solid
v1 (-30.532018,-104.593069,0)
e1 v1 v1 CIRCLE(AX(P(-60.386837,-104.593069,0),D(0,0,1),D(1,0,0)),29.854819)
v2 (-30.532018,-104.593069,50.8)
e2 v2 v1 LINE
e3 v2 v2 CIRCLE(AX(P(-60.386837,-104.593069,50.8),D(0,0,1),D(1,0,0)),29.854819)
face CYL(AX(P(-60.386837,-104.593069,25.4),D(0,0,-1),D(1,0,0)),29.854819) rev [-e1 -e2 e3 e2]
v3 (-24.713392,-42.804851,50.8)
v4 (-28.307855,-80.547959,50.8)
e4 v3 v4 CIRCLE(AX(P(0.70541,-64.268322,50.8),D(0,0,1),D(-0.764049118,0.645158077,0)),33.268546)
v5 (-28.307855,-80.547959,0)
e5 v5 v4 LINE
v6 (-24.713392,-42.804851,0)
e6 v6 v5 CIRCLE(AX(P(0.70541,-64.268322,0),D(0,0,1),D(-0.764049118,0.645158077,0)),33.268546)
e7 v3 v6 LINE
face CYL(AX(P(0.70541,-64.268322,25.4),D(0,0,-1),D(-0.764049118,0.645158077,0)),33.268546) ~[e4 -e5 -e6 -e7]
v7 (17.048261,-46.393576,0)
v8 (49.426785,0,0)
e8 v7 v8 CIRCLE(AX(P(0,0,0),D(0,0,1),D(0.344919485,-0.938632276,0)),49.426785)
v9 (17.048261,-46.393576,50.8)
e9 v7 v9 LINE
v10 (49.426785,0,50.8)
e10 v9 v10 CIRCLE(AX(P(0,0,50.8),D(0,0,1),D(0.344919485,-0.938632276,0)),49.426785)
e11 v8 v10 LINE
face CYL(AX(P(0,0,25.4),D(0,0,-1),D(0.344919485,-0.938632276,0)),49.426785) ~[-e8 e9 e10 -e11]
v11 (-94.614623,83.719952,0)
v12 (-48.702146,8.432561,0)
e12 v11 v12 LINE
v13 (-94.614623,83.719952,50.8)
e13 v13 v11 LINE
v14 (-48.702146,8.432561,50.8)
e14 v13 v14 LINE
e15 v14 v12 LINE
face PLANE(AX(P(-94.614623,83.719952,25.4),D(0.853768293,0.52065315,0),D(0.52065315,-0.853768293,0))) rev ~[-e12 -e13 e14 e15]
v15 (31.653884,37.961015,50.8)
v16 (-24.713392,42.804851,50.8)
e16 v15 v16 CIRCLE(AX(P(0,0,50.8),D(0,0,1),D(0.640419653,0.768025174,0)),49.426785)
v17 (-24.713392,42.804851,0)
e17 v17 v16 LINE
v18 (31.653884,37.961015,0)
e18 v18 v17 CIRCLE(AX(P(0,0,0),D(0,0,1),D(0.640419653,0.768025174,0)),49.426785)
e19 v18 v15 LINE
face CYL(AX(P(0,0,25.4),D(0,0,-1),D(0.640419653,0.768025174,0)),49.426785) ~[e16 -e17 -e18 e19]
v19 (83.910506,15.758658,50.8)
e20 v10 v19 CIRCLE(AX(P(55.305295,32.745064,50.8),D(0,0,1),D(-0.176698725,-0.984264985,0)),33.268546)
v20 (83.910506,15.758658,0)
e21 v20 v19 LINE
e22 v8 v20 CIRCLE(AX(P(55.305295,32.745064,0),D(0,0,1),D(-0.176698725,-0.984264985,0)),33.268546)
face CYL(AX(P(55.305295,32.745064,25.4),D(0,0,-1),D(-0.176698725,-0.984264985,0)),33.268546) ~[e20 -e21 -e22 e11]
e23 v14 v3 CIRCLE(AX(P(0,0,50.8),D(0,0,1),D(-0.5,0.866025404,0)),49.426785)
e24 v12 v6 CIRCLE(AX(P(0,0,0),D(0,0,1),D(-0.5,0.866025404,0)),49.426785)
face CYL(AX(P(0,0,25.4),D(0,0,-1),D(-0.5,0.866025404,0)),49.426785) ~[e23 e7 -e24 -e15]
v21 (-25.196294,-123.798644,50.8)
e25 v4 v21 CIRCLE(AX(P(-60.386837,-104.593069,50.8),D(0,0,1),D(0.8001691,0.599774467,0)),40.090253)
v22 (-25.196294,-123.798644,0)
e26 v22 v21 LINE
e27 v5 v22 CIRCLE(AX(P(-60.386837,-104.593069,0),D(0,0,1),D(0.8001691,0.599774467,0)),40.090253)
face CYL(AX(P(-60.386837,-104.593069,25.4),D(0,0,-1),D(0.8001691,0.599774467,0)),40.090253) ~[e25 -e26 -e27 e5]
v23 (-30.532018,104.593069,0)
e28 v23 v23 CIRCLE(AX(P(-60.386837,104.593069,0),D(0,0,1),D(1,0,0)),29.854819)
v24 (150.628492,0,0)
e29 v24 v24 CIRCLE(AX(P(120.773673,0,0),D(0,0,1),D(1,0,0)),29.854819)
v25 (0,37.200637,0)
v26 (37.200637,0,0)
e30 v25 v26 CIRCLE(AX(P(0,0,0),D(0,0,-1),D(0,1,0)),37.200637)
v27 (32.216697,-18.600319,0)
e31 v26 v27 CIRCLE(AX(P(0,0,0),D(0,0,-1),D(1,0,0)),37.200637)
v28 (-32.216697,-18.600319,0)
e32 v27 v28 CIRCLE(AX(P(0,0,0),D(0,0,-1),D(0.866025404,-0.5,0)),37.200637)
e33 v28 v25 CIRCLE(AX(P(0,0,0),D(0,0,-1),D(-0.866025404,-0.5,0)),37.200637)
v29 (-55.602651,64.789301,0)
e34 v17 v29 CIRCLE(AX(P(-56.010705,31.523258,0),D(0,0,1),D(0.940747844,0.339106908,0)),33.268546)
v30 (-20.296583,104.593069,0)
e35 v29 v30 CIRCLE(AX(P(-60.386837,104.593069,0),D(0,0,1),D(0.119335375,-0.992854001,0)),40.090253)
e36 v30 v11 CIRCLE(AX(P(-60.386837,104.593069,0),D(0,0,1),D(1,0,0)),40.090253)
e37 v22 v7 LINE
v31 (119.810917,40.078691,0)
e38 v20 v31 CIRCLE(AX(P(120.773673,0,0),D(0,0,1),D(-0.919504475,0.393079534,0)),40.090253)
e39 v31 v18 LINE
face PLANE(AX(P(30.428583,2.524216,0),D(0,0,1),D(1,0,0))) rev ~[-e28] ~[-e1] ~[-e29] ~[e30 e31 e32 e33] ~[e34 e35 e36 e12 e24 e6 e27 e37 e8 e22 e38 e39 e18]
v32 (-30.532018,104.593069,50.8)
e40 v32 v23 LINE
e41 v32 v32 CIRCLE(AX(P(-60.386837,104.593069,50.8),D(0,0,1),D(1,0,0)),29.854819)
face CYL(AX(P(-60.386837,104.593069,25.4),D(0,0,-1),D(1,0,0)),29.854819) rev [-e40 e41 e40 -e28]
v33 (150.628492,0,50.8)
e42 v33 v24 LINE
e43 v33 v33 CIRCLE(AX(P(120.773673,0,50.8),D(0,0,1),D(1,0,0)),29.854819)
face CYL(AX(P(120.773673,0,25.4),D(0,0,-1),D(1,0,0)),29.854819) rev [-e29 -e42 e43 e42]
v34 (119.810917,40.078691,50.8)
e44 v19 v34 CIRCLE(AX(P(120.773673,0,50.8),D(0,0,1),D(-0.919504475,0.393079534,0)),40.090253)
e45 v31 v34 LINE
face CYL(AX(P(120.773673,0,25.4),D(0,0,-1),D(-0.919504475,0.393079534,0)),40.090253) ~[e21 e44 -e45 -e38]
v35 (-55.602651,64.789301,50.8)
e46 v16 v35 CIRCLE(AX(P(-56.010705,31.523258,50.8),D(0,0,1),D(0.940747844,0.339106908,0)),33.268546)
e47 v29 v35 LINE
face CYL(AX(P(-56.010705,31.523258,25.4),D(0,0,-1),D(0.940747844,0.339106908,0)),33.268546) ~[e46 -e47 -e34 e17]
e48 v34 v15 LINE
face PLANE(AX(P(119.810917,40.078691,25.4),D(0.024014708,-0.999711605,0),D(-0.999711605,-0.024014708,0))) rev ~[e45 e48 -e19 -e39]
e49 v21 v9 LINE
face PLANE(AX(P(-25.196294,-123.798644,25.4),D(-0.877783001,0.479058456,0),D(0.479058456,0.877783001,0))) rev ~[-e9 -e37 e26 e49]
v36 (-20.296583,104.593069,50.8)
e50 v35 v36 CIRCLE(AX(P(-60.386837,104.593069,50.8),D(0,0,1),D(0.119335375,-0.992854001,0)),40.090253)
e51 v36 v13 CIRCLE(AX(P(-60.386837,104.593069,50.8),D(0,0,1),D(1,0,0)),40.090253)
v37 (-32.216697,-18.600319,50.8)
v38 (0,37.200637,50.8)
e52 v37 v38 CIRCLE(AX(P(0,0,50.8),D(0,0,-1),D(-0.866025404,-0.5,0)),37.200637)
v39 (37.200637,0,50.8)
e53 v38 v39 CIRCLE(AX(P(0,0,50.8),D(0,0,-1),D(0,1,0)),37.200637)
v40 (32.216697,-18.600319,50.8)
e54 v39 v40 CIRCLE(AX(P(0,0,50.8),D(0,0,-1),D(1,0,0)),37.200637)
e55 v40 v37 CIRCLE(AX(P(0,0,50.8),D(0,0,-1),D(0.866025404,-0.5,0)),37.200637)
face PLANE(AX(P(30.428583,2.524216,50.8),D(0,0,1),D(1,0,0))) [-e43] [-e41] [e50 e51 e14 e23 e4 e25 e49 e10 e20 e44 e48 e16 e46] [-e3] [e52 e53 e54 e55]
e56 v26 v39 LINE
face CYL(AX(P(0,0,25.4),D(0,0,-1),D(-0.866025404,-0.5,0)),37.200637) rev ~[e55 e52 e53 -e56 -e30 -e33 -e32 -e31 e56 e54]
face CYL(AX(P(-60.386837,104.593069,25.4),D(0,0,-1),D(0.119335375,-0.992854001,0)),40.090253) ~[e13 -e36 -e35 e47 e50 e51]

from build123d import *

# Parameters (mm, degrees)
F0_R     = 29.854818598
F1_DEPTH = 25.4
F2_DEPTH = 25.4


with BuildPart() as f1:
    # F0 (on Top) → F1 (new body)
    with BuildSketch(Plane.XY):
        with BuildLine():
            ThreePointArc((17.0482612375, -46.3935756734), (40.5317641962, -28.2875090124), (49.4267849955, 0))
            ThreePointArc((49.4267849955, 0), (44.7635835127, 20.9577829479), (31.6538844868, 37.9610151587))
            Line((31.6538844868, 37.9610151587), (0, 37.2006370822))
            ThreePointArc((0, 37.2006370822), (26.3048227453, 26.3048227453), (37.2006370822, 0))
            ThreePointArc((37.2006370822, 0), (35.9330561121, -9.6282333668), (32.2166967502, -18.6003185411))
            Line((32.2166967502, -18.6003185411), (17.0482612375, -46.3935756734))
        make_face()
        with BuildLine():
            ThreePointArc((31.6538844868, 37.9610151587), (44.7635835127, 20.9577829479), (49.4267849955, 0))
            ThreePointArc((49.4267849955, 0), (69.133149403, 2.4864036797), (83.9105059381, 15.7586580193))
            ThreePointArc((83.9105059381, 15.7586580193), (84.9182433506, 17.9336709343), (86.0541722761, 20.0445667984))
            ThreePointArc((86.0541722761, 20.0445667984), (100.3127983691, 34.4758031035), (119.810917343, 40.0786912721))
            Line((119.810917343, 40.0786912721), (31.6538844868, 37.9610151587))
        make_face()
        with BuildLine():
            Line((0, 37.2006370822), (31.6538844868, 37.9610151587))
            ThreePointArc((31.6538844868, 37.9610151587), (4.2318193164, 49.2452919604), (-24.7133924977, 42.8048514335))
            ThreePointArc((-24.7133924977, 42.8048514335), (-40.5317641962, 28.2875090124), (-48.7021457243, 8.4325605147))
            Line((-48.7021457243, 8.4325605147), (-32.2166967502, -18.6003185411))
            ThreePointArc((-32.2166967502, -18.6003185411), (-32.2166967502, 18.6003185411), (0, 37.2006370822))
        make_face()
        with BuildLine():
            Line((-25.1962938795, -123.7986437058), (17.0482612375, -46.3935756734))
            ThreePointArc((17.0482612375, -46.3935756734), (-4.2318193164, -49.2452919604), (-24.7133924977, -42.8048514335))
            ThreePointArc((-24.7133924977, -42.8048514335), (-32.4132859508, -61.1142654665), (-28.3078547948, -80.5479587964))
            ThreePointArc((-28.3078547948, -80.5479587964), (-26.9281070631, -82.5081914535), (-25.6679820828, -84.547382692))
            ThreePointArc((-25.6679820828, -84.547382692), (-21.662709332, -94.2166357984), (-20.2965834409, -104.5930689762))
            ThreePointArc((-20.2965834409, -104.5930689762), (-21.5408190124, -114.5034330345), (-25.1962938795, -123.7986437058))
        make_face()
        with BuildLine():
            ThreePointArc((-24.7133924977, -42.8048514335), (-4.2318193164, -49.2452919604), (17.0482612375, -46.3935756734))
            Line((17.0482612375, -46.3935756734), (32.2166967502, -18.6003185411))
            ThreePointArc((32.2166967502, -18.6003185411), (0, -37.2006370822), (-32.2166967502, -18.6003185411))
            Line((-32.2166967502, -18.6003185411), (-48.7021457243, 8.4325605147))
            ThreePointArc((-48.7021457243, 8.4325605147), (-44.7635835127, -20.9577829479), (-24.7133924977, -42.8048514335))
        make_face()
        with BuildLine():
            ThreePointArc((86.0541722761, 20.0445667984), (85.0596089794, 17.8629646371), (83.9105059381, 15.7586580193))
            ThreePointArc((83.9105059381, 15.7586580193), (112.7308286226, -39.2751963209), (160.8639261454, 0))
            ThreePointArc((160.8639261454, 0), (148.779308851, 28.6864559758), (119.810917343, 40.0786912721))
            ThreePointArc((119.810917343, 40.0786912721), (100.3127983691, 34.4758031035), (86.0541722761, 20.0445667984))
        make_face()
        with Locations((120.7736730576, 0)):
            Circle(F0_R, mode=Mode.SUBTRACT)
        with BuildLine():
            ThreePointArc((86.0541722761, 20.0445667984), (84.9182433506, 17.9336709343), (83.9105059381, 15.7586580193))
            ThreePointArc((83.9105059381, 15.7586580193), (85.0596089794, 17.8629646371), (86.0541722761, 20.0445667984))
        make_face()
        with BuildLine():
            ThreePointArc((-48.7021457243, 8.4325605147), (-40.5317641962, 28.2875090124), (-24.7133924977, 42.8048514335))
            ThreePointArc((-24.7133924977, 42.8048514335), (-36.7198634522, 58.6278617868), (-55.6026511433, 64.7893007771))
            ThreePointArc((-55.6026511433, 64.7893007771), (-57.9901362875, 64.5745205192), (-60.3861901934, 64.5028158936))
            ThreePointArc((-60.3861901934, 64.5028158936), (-80.013320488, 69.6355301606), (-94.6146234635, 83.7199524337))
            Line((-94.6146234635, 83.7199524337), (-48.7021457243, 8.4325605147))
        make_face()
        with BuildLine():
            ThreePointArc((-28.3078547948, -80.5479587964), (-100.3737426853, -107.4698256006), (-25.1962938795, -123.7986437058))
            ThreePointArc((-25.1962938795, -123.7986437058), (-21.5408190124, -114.5034330345), (-20.2965834409, -104.5930689762))
            ThreePointArc((-20.2965834409, -104.5930689762), (-21.662709332, -94.2166357984), (-25.6679820828, -84.547382692))
            ThreePointArc((-25.6679820828, -84.547382692), (-27.0600233271, -82.5952645307), (-28.3078547948, -80.5479587964))
        make_face()
        with Locations((-60.3868365288, -104.5930689762)):
            Circle(F0_R, mode=Mode.SUBTRACT)
        with BuildLine():
            ThreePointArc((-60.3861901934, 64.5028158936), (-57.9995856524, 64.7322998936), (-55.6026511433, 64.7893007771))
            ThreePointArc((-55.6026511433, 64.7893007771), (-30.3949409937, 77.9901632164), (-20.2965834409, 104.5930689762))
            ThreePointArc((-20.2965834409, 104.5930689762), (-71.2272182517, 143.1898890104), (-94.6146234635, 83.7199524337))
            ThreePointArc((-94.6146234635, 83.7199524337), (-80.013320488, 69.6355301606), (-60.3861901934, 64.5028158936))
        make_face()
        with Locations((-60.3868365288, 104.5930689762)):
            Circle(F0_R, mode=Mode.SUBTRACT)
        with BuildLine():
            ThreePointArc((-60.3861901934, 64.5028158936), (-57.9901362875, 64.5745205192), (-55.6026511433, 64.7893007771))
            ThreePointArc((-55.6026511433, 64.7893007771), (-57.9995856524, 64.7322998936), (-60.3861901934, 64.5028158936))
        make_face()
        with BuildLine():
            ThreePointArc((-25.6679820828, -84.547382692), (-26.9281070631, -82.5081914535), (-28.3078547948, -80.5479587964))
            ThreePointArc((-28.3078547948, -80.5479587964), (-27.0600233271, -82.5952645307), (-25.6679820828, -84.547382692))
        make_face()
    extrude(amount=F1_DEPTH)

    # F2 (add): a face of the model
    f2_faces = [f1.faces().sort_by_distance(p)[0] for p in [
        (-28.5317181003, -61.4839263202, 25.4),
    ]]
    extrude(f2_faces, amount=F2_DEPTH)


solid = f1.part
